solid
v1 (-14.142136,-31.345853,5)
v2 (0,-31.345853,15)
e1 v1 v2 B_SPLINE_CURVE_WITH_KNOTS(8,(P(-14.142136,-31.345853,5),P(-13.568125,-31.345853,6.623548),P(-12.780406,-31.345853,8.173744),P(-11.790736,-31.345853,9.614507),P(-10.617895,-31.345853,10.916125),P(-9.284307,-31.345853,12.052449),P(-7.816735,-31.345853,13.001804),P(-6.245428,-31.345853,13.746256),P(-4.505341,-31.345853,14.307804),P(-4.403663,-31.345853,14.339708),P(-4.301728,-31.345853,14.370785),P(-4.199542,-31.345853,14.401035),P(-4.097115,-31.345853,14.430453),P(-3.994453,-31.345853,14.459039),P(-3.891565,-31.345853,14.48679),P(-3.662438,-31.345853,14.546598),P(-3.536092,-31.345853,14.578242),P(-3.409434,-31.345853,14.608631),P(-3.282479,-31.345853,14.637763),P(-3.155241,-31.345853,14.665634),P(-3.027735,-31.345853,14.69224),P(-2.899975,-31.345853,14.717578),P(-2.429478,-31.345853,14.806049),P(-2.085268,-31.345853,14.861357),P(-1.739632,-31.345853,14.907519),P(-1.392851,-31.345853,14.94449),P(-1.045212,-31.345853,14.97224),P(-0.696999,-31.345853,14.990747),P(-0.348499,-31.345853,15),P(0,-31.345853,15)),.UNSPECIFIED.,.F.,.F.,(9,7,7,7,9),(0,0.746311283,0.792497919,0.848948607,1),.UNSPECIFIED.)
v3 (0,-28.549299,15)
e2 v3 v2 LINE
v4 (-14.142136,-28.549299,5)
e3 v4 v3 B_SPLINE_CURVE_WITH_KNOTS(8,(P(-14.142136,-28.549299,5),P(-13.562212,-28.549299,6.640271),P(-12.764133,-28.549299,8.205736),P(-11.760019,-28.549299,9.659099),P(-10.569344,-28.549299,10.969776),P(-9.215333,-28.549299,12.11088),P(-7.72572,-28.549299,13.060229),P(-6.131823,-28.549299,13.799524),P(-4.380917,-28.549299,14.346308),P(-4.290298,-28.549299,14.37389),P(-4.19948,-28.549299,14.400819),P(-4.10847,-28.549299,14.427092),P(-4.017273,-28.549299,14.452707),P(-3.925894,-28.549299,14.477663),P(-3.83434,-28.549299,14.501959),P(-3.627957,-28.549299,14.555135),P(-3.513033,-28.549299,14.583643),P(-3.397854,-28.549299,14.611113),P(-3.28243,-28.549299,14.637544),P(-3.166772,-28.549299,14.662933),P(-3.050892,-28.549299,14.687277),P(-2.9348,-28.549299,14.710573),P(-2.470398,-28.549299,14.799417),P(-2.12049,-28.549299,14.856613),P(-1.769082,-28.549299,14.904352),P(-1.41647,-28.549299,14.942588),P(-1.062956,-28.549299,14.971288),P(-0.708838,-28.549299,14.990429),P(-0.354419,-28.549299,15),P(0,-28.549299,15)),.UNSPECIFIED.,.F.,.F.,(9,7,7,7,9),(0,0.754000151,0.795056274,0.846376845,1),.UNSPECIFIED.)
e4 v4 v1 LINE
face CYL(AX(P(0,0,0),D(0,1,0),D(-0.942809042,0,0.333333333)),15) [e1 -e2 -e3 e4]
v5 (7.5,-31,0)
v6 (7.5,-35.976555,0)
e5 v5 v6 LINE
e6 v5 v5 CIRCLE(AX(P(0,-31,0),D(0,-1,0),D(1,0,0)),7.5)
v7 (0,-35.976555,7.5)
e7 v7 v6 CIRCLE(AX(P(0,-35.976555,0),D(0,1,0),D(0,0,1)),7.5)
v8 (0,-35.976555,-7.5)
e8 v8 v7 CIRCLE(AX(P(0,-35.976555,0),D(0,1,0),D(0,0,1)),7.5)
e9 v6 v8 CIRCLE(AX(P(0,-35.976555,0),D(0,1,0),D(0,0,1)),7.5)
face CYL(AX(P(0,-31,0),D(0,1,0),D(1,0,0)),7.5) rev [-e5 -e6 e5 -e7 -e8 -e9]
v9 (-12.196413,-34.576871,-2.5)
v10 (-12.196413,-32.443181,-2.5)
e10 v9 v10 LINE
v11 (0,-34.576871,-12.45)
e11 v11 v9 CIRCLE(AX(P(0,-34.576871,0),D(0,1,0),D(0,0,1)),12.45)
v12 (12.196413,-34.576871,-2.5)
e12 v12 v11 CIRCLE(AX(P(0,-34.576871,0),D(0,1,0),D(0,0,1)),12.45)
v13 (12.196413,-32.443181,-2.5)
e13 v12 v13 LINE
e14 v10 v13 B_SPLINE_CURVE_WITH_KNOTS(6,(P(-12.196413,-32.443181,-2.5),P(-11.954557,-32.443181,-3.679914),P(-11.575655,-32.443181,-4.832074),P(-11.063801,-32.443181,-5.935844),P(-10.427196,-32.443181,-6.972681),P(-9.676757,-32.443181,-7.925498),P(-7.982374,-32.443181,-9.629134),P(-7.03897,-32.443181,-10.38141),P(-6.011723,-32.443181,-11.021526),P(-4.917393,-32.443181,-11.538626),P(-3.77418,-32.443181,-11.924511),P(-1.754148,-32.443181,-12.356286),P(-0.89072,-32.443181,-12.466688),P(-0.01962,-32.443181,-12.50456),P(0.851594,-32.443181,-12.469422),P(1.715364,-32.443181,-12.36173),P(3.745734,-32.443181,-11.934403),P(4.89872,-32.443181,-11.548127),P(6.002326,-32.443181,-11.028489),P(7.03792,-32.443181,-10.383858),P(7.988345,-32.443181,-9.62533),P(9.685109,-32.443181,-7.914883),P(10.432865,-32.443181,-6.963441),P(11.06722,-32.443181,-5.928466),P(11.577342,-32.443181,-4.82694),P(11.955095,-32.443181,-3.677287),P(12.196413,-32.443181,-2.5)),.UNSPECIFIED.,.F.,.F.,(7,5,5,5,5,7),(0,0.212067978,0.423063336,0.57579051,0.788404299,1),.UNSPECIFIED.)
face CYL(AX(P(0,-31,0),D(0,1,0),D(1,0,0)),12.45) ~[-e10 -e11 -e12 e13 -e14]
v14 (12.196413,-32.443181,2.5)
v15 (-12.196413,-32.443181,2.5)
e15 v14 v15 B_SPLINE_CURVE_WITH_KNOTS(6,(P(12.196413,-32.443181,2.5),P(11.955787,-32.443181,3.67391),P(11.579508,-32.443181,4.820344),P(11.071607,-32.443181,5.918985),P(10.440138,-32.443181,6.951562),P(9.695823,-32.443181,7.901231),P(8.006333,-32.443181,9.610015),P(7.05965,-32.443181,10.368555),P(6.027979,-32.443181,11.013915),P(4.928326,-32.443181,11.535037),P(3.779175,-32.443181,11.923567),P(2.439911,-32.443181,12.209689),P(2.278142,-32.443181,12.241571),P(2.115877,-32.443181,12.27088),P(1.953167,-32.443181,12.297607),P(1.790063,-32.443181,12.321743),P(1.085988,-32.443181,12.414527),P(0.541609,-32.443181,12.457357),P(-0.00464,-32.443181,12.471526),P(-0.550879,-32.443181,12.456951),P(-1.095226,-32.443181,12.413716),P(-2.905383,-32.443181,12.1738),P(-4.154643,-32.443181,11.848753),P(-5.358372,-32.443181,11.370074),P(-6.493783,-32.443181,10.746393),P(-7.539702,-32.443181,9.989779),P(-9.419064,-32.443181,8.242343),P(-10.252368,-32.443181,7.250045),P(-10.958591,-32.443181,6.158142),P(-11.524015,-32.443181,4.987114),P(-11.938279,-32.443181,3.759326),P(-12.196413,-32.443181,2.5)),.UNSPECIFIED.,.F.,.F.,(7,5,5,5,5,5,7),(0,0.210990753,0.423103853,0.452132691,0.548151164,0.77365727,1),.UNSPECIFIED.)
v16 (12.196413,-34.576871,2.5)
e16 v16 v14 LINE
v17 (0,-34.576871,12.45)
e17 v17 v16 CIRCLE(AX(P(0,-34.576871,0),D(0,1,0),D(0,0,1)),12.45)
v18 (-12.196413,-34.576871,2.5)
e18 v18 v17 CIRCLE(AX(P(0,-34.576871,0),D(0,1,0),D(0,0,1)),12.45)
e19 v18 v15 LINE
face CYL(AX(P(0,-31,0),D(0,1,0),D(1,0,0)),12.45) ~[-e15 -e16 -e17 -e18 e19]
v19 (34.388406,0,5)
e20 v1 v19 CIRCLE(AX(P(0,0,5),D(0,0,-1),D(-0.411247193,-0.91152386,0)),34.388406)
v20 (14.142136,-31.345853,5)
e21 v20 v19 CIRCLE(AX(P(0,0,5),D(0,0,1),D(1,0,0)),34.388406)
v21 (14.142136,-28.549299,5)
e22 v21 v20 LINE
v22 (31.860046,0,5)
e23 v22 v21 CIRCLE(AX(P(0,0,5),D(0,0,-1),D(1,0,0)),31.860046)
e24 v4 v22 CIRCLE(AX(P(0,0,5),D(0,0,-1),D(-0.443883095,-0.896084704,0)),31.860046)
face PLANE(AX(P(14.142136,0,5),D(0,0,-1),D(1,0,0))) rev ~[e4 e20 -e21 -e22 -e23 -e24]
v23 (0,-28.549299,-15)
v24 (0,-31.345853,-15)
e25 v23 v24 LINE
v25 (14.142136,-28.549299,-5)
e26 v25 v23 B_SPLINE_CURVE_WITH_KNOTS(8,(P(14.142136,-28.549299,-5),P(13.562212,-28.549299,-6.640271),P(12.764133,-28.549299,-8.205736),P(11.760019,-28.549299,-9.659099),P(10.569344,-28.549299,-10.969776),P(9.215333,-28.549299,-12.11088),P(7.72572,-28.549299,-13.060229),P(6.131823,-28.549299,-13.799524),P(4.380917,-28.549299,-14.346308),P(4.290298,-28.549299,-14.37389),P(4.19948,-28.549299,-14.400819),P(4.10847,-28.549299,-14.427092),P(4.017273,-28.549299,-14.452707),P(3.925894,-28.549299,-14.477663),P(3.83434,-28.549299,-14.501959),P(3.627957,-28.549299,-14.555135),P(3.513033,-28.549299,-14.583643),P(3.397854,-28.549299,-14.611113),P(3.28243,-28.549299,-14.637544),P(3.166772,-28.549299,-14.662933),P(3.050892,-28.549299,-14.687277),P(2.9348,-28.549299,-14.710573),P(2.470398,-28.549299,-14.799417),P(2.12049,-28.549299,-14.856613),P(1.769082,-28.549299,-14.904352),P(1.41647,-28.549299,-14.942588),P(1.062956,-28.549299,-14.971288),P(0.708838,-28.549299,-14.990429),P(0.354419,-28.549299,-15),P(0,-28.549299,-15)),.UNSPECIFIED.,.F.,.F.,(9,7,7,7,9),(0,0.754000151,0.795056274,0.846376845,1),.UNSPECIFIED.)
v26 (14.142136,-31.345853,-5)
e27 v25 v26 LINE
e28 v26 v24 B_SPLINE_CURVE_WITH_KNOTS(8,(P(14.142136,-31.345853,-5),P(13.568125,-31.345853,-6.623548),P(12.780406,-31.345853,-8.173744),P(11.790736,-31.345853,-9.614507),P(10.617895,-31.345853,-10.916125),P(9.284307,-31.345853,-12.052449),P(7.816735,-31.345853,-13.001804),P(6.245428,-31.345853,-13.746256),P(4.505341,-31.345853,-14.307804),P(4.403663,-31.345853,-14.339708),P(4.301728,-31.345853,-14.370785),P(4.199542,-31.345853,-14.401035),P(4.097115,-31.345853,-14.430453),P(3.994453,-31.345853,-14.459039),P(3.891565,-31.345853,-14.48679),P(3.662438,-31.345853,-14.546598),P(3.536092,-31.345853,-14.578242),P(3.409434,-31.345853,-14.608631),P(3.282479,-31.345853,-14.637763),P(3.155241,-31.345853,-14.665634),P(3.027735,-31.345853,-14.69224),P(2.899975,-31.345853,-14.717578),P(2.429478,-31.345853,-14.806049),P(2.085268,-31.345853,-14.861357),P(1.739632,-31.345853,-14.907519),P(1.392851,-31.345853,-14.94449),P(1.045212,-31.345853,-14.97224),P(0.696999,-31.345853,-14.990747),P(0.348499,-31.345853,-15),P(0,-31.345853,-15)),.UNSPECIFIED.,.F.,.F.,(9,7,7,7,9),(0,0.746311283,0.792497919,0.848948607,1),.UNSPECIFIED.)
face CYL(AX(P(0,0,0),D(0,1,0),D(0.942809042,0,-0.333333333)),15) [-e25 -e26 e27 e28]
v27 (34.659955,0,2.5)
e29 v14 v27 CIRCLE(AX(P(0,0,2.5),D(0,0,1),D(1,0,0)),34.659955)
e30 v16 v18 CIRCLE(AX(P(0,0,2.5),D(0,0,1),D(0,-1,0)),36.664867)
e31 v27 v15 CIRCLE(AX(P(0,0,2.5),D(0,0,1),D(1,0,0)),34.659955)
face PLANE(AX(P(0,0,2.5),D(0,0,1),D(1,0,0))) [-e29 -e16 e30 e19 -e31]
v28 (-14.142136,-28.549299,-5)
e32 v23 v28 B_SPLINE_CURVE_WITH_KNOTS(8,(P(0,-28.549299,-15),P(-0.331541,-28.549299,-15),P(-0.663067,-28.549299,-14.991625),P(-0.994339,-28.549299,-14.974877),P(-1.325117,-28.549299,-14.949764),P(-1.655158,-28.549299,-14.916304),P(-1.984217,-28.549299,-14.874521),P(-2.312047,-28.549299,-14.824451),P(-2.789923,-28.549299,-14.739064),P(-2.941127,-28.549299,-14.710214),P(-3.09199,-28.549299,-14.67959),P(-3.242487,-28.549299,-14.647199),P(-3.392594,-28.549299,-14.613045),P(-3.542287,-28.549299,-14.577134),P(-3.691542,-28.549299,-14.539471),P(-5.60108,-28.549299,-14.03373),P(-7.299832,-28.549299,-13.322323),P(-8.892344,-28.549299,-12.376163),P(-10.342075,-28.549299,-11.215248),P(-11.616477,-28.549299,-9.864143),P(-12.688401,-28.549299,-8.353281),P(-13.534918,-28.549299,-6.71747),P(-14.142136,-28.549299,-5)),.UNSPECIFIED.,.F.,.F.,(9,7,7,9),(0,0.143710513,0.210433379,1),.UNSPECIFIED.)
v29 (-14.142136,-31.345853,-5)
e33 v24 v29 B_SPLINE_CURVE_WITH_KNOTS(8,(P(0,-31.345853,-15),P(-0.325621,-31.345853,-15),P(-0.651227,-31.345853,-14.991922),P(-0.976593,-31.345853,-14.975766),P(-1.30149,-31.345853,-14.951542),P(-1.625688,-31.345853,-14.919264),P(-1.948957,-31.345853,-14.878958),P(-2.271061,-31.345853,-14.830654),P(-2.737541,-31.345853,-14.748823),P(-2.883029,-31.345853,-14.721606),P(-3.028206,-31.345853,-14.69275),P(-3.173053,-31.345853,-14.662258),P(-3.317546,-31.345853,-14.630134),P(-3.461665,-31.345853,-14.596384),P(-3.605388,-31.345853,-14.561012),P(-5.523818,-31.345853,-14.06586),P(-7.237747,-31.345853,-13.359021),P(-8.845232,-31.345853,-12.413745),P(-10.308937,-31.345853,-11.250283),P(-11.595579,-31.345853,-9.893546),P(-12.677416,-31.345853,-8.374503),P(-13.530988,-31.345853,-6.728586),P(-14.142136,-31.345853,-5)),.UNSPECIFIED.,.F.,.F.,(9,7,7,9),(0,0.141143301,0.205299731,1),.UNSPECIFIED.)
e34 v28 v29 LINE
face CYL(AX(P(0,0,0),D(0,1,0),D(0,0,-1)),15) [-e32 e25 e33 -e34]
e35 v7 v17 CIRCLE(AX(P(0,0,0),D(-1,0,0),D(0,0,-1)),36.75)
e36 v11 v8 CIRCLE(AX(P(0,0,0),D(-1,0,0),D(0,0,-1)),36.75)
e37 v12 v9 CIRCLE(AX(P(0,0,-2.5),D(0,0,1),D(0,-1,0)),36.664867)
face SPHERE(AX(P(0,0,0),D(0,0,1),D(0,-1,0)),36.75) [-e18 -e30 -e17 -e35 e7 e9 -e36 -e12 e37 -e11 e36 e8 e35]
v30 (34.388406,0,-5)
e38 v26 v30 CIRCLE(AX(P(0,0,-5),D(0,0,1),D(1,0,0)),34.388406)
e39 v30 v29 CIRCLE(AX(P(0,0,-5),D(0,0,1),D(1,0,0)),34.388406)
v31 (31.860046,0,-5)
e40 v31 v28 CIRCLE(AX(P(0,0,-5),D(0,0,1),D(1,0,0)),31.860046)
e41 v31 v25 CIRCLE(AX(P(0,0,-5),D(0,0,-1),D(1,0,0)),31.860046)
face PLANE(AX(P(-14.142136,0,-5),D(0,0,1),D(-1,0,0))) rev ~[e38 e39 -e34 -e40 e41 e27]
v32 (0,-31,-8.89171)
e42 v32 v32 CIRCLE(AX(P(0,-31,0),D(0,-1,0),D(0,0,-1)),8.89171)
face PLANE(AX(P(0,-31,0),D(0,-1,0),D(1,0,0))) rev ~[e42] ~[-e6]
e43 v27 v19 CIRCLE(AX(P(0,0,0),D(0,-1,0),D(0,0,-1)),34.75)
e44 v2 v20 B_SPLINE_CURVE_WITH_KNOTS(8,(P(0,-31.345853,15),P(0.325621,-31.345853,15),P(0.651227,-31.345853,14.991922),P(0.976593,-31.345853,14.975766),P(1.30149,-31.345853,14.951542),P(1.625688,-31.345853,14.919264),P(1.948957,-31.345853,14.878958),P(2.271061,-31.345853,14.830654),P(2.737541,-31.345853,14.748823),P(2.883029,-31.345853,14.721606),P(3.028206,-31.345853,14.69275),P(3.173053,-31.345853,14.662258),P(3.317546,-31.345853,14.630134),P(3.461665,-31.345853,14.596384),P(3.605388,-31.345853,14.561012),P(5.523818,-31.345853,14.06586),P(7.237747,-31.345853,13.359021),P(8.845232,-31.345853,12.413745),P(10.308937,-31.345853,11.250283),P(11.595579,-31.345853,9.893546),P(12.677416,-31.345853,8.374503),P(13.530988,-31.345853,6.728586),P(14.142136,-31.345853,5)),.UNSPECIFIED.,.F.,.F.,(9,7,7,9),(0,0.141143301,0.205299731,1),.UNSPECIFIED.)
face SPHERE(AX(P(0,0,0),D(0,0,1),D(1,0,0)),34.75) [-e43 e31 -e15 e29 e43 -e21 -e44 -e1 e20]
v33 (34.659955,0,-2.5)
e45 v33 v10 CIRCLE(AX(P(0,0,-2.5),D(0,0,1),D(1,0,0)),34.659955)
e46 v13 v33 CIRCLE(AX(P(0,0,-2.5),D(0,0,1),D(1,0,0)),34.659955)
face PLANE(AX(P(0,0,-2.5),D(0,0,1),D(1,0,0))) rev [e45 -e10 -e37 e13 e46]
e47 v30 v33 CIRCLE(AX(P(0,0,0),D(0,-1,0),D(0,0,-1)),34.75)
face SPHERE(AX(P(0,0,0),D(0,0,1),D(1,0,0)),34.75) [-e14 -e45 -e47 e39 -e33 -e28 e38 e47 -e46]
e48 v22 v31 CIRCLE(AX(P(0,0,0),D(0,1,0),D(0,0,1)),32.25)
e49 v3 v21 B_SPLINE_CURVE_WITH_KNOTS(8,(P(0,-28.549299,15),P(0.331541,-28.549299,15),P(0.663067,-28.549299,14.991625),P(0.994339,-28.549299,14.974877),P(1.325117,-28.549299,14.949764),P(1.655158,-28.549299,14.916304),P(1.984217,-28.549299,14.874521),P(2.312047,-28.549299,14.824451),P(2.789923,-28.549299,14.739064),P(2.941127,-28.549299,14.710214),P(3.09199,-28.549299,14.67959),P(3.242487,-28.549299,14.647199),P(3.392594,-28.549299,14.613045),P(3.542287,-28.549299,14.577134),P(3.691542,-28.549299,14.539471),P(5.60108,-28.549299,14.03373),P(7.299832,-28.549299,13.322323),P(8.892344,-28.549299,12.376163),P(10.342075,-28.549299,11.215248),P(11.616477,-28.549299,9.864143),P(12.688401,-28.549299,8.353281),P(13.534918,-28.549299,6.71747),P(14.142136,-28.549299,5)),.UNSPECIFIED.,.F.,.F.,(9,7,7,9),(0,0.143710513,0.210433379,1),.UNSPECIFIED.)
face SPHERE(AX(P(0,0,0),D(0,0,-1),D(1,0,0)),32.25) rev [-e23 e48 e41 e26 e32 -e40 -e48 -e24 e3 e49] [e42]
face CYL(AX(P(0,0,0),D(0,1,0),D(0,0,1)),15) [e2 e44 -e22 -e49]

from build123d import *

# Parameters (mm, degrees)
F3_DEPTH       = 34.751
F3_DEPTH_BACK  = 34.751
F5_ANGLE_BACK  = 30
F5_ANGLE       = 60
F9_R           = 12.45
F10_DEPTH      = 8
F13_R          = 7.5
F14_DEPTH      = 10
F14_DEPTH_BACK = 10


with BuildPart() as f1:
    # F0 (on Front) → F1 (revolve)
    with BuildSketch(Plane.XZ):
        with BuildLine():
            Line((0, -32.25), (0, -34.75))
            ThreePointArc((0, -34.75), (34.75, 0), (0, 34.75))
            Line((0, 34.75), (0, 32.25))
            ThreePointArc((0, 32.25), (32.25, 0), (0, -32.25))
        make_face()
    revolve(axis=Axis((0, 0, 0), (0, 0, 1)))

    # F2 (on Front) → F3 (cut, two sides)
    with BuildSketch(Plane.XZ) as f3_sk:
        with BuildLine():
            ThreePointArc((0, 15), (8.6602540378, 12.2474487139), (14.1421356237, 5))
            Line((14.1421356237, 5), (47.8319227695, 5))
            Line((47.8319227695, 5), (47.8319227695, 37.9324257374))
            Line((47.8319227695, 37.9324257374), (0, 37.9324257374))
            Line((0, 37.9324257374), (0, 15))
        make_face()
        with BuildLine():
            ThreePointArc((-14.1421356237, 5), (-8.6602540378, 12.2474487139), (0, 15))
            Line((0, 15), (0, 37.9324257374))
            Line((0, 37.9324257374), (-47.8319227695, 37.9324257374))
            Line((-47.8319227695, 37.9324257374), (-47.8319227695, 5))
            Line((-47.8319227695, 5), (-14.1421356237, 5))
        make_face()
        with BuildLine():
            Line((-14.1421356237, -5), (-47.8319227695, -5))
            Line((-47.8319227695, -5), (-47.8319227695, -37.9324257374))
            Line((-47.8319227695, -37.9324257374), (0, -37.9324257374))
            Line((0, -37.9324257374), (47.8319227695, -37.9324257374))
            Line((47.8319227695, -37.9324257374), (47.8319227695, -5))
            Line((47.8319227695, -5), (14.1421356237, -5))
            ThreePointArc((14.1421356237, -5), (8.6602540378, -12.2474487139), (0, -15))
            ThreePointArc((0, -15), (-8.6602540378, -12.2474487139), (-14.1421356237, -5))
        make_face()
    extrude(amount=-F3_DEPTH, mode=Mode.SUBTRACT)
    extrude(f3_sk.sketch, amount=F3_DEPTH_BACK, mode=Mode.SUBTRACT)

    # F4 (on Right) → F5 (revolve, cut)
    with BuildSketch(Plane.YZ, mode=Mode.PRIVATE) as f5_sk:
        Polygon((28.549299466, 5), (31.3458529953, 5), (38.3678488433, 5), (38.3678488433, 15), (31.3458529953, 15), (28.549299466, 15), align=None)
        Polygon((38.3678488433, -5), (31.3458529953, -5), (28.549299466, -5), (28.549299466, -15), (31.3458529953, -15), (38.3678488433, -15), align=None)
    revolve(f5_sk.sketch.rotate(Axis((0, 0, 13.6671056971), (0, 0, 1)), -F5_ANGLE_BACK), axis=Axis((0, 0, 13.6671056971), (0, 0, 1)), revolution_arc=F5_ANGLE, mode=Mode.SUBTRACT)

    # F6 (on Front) → F8 (revolve)
    with BuildSketch(Plane.XZ):
        Polygon((36.75, 0), (36.75, 2.5), (33.5848033428, 2.5), (33.5848033428, 0), (33.5848033428, -2.5), (36.75, -2.5), align=None)
    revolve(axis=Axis((0, 0, 0), (0, 0, 1)))

    # F9 (on offset) → F10 (join)
    with BuildSketch(Plane.XZ.offset(31)):
        Circle(F9_R)
    extrude(amount=F10_DEPTH)

    # F11 (on Right) → F12 (revolve, cut)
    with BuildSketch(Plane.YZ):
        with BuildLine():
            ThreePointArc((0, -36.75), (-36.75, 0), (0, 36.75))
            Line((0, 36.75), (0, 45.6979585941))
            ThreePointArc((0, 45.6979585941), (-45.6979585941, 0), (0, -45.6979585941))
            Line((0, -45.6979585941), (0, -36.75))
        make_face()
    revolve(axis=Axis((0, 0, 0), (0, 0, 1)), mode=Mode.SUBTRACT)

    # F13 (on offset) → F14 (cut, two sides)
    with BuildSketch(Plane.XZ.offset(31)) as f14_sk:
        Circle(F13_R)
    extrude(amount=-F14_DEPTH, mode=Mode.SUBTRACT)
    extrude(f14_sk.sketch, amount=F14_DEPTH_BACK, mode=Mode.SUBTRACT)


solid = f1.part
